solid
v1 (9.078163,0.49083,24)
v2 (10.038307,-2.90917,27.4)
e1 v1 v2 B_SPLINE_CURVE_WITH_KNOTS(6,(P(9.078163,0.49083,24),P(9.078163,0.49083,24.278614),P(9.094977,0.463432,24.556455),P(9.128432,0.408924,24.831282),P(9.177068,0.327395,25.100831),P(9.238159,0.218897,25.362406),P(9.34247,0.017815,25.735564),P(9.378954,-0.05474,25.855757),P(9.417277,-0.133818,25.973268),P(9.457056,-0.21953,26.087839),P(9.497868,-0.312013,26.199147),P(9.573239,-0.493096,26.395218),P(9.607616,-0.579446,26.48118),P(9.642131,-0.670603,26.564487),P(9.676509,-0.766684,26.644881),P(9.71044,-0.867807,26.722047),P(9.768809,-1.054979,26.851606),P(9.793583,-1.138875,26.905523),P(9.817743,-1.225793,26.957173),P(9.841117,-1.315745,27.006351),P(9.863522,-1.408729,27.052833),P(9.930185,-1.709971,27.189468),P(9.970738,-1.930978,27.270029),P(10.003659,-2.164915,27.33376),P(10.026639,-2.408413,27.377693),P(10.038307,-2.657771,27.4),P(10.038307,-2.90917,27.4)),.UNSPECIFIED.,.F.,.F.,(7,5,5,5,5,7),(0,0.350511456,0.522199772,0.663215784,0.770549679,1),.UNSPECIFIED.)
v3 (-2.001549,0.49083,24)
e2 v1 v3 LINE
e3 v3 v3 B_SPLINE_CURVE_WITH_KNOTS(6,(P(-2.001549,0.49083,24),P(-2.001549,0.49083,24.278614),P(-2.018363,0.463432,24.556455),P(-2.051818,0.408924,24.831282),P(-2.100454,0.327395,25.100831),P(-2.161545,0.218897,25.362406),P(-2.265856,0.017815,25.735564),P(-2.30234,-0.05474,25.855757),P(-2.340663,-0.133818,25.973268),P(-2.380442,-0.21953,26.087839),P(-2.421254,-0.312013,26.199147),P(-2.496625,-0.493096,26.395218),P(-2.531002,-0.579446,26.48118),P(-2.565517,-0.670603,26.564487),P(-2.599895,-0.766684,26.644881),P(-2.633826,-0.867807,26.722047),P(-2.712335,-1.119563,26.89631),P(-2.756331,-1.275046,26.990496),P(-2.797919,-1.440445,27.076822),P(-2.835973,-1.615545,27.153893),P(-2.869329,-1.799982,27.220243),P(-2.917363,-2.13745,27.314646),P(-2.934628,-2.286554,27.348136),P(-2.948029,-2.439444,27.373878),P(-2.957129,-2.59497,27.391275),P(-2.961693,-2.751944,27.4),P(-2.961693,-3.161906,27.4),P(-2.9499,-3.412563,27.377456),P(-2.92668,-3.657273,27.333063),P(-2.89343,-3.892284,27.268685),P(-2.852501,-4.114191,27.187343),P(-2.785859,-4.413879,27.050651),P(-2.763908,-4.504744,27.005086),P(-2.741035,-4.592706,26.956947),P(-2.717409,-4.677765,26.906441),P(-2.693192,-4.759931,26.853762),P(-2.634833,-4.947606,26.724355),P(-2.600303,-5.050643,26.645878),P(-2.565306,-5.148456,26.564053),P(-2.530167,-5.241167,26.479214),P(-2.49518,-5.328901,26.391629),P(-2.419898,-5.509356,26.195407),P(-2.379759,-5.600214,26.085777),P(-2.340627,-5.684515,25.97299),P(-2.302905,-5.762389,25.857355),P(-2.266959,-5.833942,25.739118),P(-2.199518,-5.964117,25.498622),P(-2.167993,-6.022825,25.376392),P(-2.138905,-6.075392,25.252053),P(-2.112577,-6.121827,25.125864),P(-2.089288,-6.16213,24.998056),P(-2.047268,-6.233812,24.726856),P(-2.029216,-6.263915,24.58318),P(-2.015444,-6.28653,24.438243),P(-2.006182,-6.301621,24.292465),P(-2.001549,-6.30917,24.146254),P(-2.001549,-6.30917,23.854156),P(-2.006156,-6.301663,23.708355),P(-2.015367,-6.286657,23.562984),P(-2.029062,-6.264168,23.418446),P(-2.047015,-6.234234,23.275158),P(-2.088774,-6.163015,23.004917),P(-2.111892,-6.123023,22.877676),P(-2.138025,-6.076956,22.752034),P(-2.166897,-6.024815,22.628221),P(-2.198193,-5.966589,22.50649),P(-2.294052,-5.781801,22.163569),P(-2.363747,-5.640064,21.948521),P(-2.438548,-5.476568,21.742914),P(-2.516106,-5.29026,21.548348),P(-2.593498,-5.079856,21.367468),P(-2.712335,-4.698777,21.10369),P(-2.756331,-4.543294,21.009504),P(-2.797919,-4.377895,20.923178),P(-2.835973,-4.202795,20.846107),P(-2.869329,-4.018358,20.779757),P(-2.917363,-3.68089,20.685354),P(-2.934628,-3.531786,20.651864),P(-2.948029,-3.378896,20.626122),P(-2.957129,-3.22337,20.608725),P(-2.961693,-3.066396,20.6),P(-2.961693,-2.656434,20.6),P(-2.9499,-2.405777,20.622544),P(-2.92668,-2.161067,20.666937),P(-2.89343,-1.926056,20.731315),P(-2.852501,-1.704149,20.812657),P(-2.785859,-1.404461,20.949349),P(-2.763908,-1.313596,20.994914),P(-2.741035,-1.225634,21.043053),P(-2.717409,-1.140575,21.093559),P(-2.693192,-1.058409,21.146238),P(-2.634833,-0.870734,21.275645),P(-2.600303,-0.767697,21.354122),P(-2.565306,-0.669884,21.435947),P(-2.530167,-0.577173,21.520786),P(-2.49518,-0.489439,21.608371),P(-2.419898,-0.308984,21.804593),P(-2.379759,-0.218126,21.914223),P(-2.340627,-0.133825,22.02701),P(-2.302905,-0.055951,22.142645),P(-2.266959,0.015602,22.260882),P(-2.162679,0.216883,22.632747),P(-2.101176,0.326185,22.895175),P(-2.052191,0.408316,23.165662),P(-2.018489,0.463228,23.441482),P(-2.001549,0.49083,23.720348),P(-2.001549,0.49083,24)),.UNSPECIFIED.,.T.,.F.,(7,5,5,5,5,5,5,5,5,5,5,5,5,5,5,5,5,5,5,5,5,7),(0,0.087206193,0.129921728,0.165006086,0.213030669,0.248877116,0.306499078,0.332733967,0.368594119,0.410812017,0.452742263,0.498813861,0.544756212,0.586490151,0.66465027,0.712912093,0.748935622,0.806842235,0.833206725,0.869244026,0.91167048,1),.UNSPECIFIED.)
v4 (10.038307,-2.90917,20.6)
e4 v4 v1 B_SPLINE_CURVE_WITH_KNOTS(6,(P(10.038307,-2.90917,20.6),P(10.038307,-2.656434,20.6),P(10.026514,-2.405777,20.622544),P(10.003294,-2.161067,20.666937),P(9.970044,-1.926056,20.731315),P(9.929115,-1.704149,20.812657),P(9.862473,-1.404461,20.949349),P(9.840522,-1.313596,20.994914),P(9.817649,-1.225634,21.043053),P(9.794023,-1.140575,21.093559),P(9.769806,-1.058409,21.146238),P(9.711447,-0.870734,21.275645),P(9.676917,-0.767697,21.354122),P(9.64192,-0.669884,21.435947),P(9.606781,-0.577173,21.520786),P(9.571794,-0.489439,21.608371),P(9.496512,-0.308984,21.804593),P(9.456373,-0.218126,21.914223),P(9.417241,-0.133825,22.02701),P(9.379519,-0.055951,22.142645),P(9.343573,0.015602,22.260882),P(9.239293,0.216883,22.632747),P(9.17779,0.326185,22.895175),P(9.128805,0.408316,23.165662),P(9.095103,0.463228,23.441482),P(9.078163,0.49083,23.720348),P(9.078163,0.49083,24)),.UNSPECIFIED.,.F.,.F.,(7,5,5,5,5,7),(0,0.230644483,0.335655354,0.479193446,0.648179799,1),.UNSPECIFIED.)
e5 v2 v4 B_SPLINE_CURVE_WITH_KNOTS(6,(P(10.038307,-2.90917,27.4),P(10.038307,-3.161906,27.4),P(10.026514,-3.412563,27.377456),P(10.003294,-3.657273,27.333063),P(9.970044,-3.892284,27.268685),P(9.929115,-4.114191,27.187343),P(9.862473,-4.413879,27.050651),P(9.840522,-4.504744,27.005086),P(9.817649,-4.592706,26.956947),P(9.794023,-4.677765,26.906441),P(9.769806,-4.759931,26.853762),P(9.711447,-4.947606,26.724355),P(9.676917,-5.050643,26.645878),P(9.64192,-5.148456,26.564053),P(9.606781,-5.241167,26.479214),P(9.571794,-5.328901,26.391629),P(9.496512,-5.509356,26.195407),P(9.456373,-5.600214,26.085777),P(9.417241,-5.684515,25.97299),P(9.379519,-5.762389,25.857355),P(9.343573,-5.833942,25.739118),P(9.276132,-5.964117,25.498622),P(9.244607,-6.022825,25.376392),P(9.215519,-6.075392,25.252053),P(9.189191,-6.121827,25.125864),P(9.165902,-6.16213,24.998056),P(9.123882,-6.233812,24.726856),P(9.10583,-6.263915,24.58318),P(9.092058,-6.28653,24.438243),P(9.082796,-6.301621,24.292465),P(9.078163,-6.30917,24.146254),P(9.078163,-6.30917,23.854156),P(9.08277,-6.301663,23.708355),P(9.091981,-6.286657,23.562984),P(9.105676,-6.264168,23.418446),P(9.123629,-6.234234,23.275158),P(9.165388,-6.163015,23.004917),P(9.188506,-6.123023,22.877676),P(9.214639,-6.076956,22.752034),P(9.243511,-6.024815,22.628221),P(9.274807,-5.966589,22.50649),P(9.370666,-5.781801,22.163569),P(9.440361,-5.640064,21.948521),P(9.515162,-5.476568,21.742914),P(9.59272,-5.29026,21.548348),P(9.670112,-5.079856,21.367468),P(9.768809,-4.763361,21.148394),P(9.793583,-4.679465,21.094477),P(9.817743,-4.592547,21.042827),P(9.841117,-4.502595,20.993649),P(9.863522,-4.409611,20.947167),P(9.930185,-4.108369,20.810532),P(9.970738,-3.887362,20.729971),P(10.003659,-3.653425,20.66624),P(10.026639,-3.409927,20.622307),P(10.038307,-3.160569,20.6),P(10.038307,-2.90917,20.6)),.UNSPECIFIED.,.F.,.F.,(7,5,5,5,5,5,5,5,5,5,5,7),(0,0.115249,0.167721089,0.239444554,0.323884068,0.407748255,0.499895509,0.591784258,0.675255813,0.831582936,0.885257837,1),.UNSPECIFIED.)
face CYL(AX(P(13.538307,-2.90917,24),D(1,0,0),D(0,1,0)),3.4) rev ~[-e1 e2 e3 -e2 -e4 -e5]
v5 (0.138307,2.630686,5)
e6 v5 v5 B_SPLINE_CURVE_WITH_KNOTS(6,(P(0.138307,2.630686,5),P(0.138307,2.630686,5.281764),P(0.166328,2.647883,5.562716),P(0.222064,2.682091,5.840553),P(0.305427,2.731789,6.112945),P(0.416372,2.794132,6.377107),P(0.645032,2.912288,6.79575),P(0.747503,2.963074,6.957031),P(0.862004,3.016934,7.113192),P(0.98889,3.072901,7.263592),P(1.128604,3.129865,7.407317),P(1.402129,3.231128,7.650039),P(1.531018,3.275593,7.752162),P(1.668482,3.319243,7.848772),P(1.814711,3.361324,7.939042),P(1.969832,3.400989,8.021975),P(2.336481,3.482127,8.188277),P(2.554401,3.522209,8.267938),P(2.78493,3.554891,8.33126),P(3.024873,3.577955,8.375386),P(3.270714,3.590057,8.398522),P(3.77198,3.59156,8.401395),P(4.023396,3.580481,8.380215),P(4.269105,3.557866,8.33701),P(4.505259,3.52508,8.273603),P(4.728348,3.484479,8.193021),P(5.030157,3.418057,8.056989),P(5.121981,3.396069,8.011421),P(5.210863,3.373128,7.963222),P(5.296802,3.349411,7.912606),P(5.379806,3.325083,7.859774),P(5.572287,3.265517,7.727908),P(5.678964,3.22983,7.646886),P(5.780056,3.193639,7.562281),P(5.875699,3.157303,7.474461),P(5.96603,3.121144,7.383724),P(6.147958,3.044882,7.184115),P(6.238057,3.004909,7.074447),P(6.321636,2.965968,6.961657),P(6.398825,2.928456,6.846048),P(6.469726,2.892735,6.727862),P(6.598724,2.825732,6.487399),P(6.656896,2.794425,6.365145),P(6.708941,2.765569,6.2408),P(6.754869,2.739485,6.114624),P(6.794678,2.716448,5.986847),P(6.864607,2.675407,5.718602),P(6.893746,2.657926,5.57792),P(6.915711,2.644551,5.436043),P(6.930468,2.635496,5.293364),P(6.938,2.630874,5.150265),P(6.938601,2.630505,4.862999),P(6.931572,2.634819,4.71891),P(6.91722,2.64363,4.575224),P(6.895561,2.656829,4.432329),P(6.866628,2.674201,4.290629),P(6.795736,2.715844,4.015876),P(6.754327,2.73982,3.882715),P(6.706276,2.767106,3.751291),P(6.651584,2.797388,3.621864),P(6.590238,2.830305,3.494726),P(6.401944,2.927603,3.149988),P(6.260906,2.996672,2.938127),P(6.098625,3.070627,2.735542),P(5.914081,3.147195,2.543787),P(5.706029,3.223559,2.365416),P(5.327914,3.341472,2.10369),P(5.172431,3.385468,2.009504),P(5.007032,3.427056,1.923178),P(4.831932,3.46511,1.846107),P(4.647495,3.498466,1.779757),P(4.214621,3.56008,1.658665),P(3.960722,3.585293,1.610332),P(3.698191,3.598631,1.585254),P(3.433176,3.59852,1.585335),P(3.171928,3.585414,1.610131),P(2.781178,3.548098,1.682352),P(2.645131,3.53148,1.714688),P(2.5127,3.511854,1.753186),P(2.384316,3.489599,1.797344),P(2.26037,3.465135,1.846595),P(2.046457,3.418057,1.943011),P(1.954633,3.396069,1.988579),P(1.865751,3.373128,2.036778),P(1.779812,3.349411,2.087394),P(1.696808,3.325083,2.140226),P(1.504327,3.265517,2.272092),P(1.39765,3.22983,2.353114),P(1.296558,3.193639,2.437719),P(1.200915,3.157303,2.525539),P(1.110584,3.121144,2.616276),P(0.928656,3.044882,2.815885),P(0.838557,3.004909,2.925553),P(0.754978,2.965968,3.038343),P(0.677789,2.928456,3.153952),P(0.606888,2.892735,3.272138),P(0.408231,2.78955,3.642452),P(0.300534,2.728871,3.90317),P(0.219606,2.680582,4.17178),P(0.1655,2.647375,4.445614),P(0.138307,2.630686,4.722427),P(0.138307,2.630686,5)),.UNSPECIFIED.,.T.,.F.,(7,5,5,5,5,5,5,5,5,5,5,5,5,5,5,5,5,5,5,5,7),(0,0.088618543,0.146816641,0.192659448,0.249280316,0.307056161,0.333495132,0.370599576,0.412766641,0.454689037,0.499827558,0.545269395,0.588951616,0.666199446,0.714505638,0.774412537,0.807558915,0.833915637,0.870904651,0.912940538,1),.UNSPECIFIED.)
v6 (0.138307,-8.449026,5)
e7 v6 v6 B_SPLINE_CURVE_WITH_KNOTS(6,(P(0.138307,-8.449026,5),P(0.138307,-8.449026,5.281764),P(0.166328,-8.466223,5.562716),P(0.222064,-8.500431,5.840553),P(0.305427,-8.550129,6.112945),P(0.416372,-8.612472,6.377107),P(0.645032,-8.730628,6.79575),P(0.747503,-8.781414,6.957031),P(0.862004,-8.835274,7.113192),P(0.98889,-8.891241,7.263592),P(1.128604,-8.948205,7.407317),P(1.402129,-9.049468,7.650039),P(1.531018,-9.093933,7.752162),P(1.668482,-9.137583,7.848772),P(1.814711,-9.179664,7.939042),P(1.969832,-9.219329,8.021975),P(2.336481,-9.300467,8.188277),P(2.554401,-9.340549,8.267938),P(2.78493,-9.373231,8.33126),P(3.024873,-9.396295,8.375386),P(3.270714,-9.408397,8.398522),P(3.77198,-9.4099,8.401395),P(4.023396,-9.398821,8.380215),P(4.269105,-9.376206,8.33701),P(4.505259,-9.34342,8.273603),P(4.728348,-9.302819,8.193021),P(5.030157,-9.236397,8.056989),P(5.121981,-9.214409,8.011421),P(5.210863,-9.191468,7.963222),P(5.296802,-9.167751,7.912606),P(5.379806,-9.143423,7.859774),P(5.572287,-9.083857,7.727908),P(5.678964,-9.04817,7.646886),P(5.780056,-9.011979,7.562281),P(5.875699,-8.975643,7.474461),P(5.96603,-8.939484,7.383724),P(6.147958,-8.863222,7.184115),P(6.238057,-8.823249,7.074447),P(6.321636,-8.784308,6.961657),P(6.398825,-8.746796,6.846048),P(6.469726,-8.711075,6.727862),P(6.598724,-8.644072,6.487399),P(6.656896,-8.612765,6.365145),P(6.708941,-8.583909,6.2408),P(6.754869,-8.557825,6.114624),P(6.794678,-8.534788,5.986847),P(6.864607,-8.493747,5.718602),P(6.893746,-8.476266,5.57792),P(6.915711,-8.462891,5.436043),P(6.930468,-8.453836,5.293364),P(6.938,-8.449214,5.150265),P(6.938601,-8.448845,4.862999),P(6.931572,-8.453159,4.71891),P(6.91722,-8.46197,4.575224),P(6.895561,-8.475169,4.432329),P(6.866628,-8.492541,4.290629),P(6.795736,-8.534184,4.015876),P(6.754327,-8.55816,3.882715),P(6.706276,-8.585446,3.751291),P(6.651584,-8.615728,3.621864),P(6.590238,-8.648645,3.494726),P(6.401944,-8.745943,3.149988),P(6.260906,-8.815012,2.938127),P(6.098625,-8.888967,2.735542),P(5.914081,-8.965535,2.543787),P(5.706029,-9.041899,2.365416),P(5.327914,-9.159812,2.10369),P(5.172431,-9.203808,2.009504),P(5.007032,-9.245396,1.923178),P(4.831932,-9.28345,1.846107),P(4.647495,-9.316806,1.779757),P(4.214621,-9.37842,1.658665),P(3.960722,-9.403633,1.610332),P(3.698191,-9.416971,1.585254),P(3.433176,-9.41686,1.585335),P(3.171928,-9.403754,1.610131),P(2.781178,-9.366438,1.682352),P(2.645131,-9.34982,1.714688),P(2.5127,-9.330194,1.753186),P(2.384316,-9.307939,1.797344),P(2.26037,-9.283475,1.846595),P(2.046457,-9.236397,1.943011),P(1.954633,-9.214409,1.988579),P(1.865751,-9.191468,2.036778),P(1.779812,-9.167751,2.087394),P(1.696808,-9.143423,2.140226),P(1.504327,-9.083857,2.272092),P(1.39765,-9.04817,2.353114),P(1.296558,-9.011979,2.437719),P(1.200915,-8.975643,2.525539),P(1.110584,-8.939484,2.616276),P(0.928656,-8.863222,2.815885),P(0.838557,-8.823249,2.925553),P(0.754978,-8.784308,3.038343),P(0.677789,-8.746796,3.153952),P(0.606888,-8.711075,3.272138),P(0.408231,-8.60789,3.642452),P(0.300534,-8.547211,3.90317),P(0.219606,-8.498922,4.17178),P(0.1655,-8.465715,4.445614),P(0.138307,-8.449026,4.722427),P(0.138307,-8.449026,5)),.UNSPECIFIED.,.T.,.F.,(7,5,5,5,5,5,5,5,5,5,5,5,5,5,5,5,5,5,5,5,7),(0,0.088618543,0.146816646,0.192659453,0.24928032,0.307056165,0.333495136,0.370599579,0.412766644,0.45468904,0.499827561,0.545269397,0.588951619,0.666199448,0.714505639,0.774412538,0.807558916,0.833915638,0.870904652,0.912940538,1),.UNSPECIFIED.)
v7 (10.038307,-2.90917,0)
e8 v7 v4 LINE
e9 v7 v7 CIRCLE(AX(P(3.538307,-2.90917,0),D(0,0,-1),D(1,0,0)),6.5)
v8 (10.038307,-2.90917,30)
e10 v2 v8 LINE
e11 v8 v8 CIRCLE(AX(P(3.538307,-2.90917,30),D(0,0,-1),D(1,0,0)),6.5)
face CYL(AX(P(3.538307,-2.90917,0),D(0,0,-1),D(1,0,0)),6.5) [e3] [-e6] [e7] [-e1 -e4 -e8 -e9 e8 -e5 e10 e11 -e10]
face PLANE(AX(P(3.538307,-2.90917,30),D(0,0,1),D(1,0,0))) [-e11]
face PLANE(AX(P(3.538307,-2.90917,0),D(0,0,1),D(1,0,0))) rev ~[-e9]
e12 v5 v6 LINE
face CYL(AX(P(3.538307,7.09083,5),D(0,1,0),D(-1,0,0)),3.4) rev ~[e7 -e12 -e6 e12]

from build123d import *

# Parameters (mm, degrees)
F0_W     = 20
F0_H     = 20
F1_DEPTH = 30
F3_R     = 3.4
F4_DEPTH = 25
F2_R     = 3.4
F5_DEPTH = 25
F6_W     = 20
F6_H     = 20
F6_R     = 6.5
F7_DEPTH = 30


with BuildPart() as f1:
    # F0 (on Top) → F1 (new body)
    with BuildSketch(Plane.XY):
        with Locations((3.538307, -2.90917)):
            Rectangle(F0_W, F0_H)
    extrude(amount=F1_DEPTH)

    # F3 (on face) → F4 (cut)
    with BuildSketch(Plane.YZ.offset(13.538307)):
        with Locations((-2.90917, 24)):
            Circle(F3_R)
    extrude(amount=-F4_DEPTH, mode=Mode.SUBTRACT)

    # F2 (on face) → F5 (cut)
    with BuildSketch(Plane(origin=(0, 7.09083, 0), x_dir=(-1, 0, 0), z_dir=(0, 1, 0))):
        with Locations((-3.538307, 5)):
            Circle(F2_R)
    extrude(amount=-F5_DEPTH, mode=Mode.SUBTRACT)

    # F6 (on face) → F7 (cut)
    with BuildSketch(Plane(origin=(0, 0, 0), x_dir=(1, 0, 0), z_dir=(0, 0, -1))):
        with Locations((3.538307, 2.90917)):
            Rectangle(F6_W, F6_H)
        with Locations((3.538307, 2.90917)):
            Circle(F6_R, mode=Mode.SUBTRACT)
    extrude(amount=-F7_DEPTH, mode=Mode.SUBTRACT)


solid = f1.part
